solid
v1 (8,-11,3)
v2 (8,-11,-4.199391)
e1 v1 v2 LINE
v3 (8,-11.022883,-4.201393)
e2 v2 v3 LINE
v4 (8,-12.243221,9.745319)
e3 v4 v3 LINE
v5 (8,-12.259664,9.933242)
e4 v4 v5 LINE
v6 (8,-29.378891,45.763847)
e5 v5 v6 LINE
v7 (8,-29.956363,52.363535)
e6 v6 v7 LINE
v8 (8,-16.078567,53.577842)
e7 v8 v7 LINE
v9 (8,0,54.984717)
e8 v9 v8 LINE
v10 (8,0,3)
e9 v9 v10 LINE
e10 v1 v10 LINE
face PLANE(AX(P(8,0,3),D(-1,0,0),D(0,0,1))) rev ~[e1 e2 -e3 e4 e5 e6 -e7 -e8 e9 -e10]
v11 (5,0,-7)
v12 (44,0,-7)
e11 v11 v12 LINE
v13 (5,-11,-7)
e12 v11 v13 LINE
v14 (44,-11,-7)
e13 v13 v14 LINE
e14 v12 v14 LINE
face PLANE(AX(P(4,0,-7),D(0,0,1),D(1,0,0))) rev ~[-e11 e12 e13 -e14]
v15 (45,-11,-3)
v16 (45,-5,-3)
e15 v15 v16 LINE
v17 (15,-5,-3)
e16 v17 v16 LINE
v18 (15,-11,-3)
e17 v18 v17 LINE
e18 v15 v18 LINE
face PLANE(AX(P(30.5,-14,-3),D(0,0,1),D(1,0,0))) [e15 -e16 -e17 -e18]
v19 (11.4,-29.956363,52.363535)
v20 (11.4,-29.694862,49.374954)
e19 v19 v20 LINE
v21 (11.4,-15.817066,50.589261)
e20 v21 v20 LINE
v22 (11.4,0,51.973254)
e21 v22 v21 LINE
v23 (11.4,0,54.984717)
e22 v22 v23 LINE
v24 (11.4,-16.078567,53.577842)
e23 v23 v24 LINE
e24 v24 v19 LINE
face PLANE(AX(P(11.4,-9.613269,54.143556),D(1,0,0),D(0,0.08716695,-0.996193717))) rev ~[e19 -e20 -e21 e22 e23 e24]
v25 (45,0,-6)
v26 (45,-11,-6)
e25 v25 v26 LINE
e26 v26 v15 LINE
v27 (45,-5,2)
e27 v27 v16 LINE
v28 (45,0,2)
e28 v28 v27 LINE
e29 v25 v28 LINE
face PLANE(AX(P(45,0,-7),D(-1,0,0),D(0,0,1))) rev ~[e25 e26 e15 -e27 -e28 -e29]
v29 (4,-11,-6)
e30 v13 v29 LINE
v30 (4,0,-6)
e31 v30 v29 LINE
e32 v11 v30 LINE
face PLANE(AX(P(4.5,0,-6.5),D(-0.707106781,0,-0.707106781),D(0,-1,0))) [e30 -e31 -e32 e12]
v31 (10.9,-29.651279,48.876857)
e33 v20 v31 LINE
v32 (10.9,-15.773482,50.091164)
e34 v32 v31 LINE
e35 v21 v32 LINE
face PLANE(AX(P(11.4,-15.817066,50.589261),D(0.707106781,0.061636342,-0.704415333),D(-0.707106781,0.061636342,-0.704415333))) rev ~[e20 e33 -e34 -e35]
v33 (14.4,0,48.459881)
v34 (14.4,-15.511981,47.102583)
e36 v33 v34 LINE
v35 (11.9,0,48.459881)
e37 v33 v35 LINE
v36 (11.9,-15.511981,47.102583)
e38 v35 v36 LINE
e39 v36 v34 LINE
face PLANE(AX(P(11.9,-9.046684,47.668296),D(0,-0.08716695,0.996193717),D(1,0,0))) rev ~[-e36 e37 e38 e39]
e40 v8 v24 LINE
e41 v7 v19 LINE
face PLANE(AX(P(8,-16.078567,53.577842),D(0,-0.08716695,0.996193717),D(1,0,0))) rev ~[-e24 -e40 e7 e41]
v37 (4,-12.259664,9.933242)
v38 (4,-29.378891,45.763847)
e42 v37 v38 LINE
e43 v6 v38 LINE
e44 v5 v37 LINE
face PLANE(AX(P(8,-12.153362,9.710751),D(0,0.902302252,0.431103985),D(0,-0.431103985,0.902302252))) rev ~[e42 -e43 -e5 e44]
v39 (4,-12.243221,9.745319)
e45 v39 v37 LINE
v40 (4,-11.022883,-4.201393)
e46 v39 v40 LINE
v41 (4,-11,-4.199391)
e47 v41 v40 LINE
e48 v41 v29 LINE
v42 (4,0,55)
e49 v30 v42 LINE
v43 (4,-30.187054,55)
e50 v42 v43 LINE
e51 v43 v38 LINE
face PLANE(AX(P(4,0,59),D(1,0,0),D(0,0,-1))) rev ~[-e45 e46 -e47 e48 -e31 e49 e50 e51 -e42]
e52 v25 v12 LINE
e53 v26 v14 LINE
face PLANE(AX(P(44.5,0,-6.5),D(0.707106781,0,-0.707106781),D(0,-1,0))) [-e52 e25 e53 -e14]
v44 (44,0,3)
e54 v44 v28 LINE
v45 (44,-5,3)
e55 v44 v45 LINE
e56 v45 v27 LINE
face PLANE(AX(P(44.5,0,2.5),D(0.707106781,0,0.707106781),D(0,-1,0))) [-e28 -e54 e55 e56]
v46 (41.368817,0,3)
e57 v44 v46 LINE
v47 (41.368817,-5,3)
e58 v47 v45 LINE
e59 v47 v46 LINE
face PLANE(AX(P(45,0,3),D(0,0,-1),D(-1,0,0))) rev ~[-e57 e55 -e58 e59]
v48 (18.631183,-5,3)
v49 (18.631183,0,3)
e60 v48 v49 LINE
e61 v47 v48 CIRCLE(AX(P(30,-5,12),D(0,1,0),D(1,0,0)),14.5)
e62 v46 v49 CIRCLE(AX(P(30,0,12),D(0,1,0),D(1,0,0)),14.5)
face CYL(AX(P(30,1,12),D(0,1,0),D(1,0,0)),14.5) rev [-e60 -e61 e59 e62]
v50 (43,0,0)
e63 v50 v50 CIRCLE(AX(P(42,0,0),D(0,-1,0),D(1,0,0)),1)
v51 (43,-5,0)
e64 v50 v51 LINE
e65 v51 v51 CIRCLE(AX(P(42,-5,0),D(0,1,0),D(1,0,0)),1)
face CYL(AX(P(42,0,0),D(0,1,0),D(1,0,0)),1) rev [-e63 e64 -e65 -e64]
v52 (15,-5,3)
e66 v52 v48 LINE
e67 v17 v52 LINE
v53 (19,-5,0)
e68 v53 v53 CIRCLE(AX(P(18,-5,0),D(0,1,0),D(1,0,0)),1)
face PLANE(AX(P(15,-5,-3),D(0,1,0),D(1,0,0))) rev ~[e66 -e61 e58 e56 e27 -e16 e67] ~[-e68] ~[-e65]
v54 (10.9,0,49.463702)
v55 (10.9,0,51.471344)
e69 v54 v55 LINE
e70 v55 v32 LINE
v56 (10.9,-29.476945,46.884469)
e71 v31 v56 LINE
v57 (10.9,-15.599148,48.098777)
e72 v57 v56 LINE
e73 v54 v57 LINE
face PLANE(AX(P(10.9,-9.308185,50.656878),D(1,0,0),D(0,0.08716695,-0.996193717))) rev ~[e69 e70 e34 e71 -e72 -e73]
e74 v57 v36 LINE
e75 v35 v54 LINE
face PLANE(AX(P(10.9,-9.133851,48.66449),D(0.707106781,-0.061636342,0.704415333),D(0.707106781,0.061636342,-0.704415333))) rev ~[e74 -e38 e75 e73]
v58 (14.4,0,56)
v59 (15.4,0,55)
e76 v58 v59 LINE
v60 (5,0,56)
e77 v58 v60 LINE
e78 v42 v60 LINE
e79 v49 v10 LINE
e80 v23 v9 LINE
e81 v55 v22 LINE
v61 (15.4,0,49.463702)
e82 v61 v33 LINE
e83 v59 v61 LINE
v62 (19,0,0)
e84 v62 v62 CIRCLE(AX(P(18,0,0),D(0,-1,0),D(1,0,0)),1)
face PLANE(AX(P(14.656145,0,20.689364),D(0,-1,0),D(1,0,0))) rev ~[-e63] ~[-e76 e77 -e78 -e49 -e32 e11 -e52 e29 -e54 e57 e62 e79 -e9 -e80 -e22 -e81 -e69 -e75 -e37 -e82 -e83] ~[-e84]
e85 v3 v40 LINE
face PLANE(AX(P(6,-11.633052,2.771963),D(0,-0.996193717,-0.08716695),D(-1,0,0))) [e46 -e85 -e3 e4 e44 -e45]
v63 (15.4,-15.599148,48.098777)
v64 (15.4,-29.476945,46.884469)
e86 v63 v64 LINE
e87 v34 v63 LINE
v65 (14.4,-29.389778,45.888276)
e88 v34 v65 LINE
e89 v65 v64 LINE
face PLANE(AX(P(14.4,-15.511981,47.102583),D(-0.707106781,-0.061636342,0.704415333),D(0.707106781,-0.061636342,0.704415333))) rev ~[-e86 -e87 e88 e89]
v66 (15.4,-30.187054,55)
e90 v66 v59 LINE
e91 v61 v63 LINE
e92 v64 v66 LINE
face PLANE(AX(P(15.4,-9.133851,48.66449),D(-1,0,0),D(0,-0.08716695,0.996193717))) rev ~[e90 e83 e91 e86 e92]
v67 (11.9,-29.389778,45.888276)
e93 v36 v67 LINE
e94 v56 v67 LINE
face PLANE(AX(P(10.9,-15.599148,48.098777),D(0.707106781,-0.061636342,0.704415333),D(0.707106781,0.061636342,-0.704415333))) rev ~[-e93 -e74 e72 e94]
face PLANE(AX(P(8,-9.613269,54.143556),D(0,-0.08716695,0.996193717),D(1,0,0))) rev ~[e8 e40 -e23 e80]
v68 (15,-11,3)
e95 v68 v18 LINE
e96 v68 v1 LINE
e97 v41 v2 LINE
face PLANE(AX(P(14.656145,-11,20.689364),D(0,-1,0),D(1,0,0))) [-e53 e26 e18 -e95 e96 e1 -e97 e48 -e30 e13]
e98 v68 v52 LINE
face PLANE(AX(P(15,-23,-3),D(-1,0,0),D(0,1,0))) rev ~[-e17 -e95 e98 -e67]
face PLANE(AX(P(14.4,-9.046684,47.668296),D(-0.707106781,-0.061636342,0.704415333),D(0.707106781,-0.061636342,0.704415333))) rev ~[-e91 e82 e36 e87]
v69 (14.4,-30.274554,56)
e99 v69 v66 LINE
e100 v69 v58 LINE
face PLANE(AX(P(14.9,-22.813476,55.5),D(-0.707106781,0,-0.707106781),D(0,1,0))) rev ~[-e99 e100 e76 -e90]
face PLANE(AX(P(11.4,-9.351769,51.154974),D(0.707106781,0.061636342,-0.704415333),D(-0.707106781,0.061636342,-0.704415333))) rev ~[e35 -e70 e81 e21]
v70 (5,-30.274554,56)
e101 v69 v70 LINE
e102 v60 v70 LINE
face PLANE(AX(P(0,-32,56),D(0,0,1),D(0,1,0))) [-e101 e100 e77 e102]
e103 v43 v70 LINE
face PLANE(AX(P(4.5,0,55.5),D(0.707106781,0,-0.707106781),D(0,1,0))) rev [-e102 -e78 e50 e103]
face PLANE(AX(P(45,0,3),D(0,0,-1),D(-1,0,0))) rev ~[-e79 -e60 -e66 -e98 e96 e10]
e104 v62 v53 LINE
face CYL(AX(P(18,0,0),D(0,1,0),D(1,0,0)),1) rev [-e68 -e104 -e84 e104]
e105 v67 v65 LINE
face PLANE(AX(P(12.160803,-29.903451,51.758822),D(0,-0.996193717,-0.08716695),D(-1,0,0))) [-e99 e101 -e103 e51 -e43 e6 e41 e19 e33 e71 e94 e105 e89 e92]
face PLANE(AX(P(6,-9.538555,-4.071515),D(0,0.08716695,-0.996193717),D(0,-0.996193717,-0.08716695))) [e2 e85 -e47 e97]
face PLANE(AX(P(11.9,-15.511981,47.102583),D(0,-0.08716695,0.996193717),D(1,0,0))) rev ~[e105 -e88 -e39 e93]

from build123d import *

# Parameters (mm, degrees)
SKETCH002_W          = 34
SKETCH002_H          = 4
PAD001_DEPTH         = 30
EXTRUSION008_DEPTH   = 13.9308213426
BOX003_W             = 13
BOX003_H             = 10
BOX003_DEPTH         = 60
FACE006_W            = 8.14
FACE006_H            = 69.180787832
EXTRUSION006_DEPTH   = 0.4604923972
EXTRUSION005_DEPTH   = 8.14
FACE003_W            = 4
FACE003_H            = 14
EXTRUSION003_DEPTH   = 3.51
FACE004_W            = 3.51
FACE004_H            = 4
EXTRUSION004_DEPTH   = 69.180787832
FACE007_W            = 4
FACE007_H            = 69.180787832
EXTRUSION007_DEPTH   = 0.4131433628
FACE002_W            = 10
FACE002_H            = 4
EXTRUSION002_DEPTH   = 14
EXTRUSION_DEPTH      = 10
EXTRUSION001_DEPTH   = 10
FUSION001_ROLL_ANGLE = 5.0006445976
BOX002_W             = 13
BOX002_H             = 13
BOX002_DEPTH         = 49
BOX001_W             = 15
BOX001_H             = 11
BOX001_DEPTH         = 49
BOX_W                = 31
BOX_H                = 18
BOX_DEPTH            = 14
CYLINDER_R           = 14.5
CYLINDER_DEPTH       = 13
CYLINDER_ROLL_ANGLE  = 90.0000000001
SKETCH_R             = 1
PAD_DEPTH            = 11
CHAMFER_SIZE         = 1
CHAMFER001_SIZE      = 1
CHAMFER002_SIZE      = 1
CHAMFER003_SIZE      = 1
CHAMFER004_SIZE      = 1
CHAMFER005_SIZE      = 1
CHAMFER006_SIZE      = 1
EXTRUSION009_DEPTH   = 13.9308213426
POCKET_DEPTH         = 5
CHAMFER007_SIZE      = 1


with BuildPart() as pad001:
    # Sketch002 → Pad001 (new body)
    with BuildSketch(Plane.YZ):
        with Locations((-15, 58)):
            Rectangle(SKETCH002_W, SKETCH002_H)
    extrude(amount=PAD001_DEPTH)


with BuildPart() as extrusion008:
    # Face008 → Extrusion008 (new body)
    with BuildSketch(Plane(origin=(-17.578899357, -16.0333863028, 53.0614958622), x_dir=(-1, 0, 0), z_dir=(0, -0.9961937175, -0.0871669503))):
        Polygon((4.421100643, -4.5183191267), (4.421100643, -0.5183191267), (1.021100643, -0.5183191267), (1.021100643, 2.4816808733), (1.521100643, 2.9816808733), (1.521100643, 4.9816808733), (0.521100643, 5.9816808733), (-1.978899357, 5.9816808733), (-2.978899357, 4.9816808733), (-2.978899357, -3.5183191267), (-1.978899357, -4.5183191267), align=None)
    extrude(amount=EXTRUSION008_DEPTH)


with BuildPart() as cube003:
    # Box003 → Box003 (new body)
    with BuildSketch(Plane(origin=(-27, 0, 0), x_dir=(1, 0, 0), z_dir=(0, 0, 1))):
        with Locations((6.5, 5)):
            Rectangle(BOX003_W, BOX003_H)
    extrude(amount=BOX003_DEPTH)


with BuildPart() as extrusion006:
    # Face006 → Extrusion006 (new body)
    with BuildSketch(Plane(origin=(-17.93, -18.7549998831, 43.8980956594), x_dir=(-1, 0, 0), z_dir=(0, -0.9961937175, -0.0871669503))):
        Rectangle(FACE006_W, FACE006_H)
    extrude(amount=EXTRUSION006_DEPTH)


with BuildPart() as extrusion005:
    # Face005 → Extrusion005 (new body)
    with BuildSketch(Plane(origin=(-22, -17.0066799089, 44.0510736571), x_dir=(0, -1, 0), z_dir=(1, 0, 0))):
        Polygon((4.7634591209, -34.3057551071), (-1.2668191725, 34.6117111026), (-4.7634591209, 34.3057551071), (1.2668191725, -34.6117111026), align=None)
    extrude(amount=EXTRUSION005_DEPTH)


with BuildPart() as extrusion003:
    # Face003 → Extrusion003 (new body)
    with BuildSketch(Plane(origin=(-24, -15.1296920845, 2.4660065321), x_dir=(-1, 0, 0), z_dir=(0, -0.9961937175, -0.0871669503))):
        Rectangle(FACE003_W, FACE003_H)
    extrude(amount=-EXTRUSION003_DEPTH)


with BuildPart() as fusion002:
    # Face004 → Extrusion004 (new body)
    with BuildSketch(Plane(origin=(-24, -13.9915407622, 9.5923405523), x_dir=(0, 0.9961937175, 0.0871669503), z_dir=(0, -0.0871669503, 0.9961937175))):
        Rectangle(FACE004_W, FACE004_H)
    extrude(amount=EXTRUSION004_DEPTH)

    # Fusion002: union Extrusion003
    add(extrusion003.part)


with BuildPart() as fusion003:
    # Face007 → Extrusion007 (new body)
    with BuildSketch(Plane(origin=(-24, -18.7549998831, 43.8980956594), x_dir=(-1, 0, 0), z_dir=(0, -0.9961937175, -0.0871669503))):
        Rectangle(FACE007_W, FACE007_H)
    extrude(amount=EXTRUSION007_DEPTH)

    # Fusion003: union Extrusion006, Extrusion005, Fusion002
    add(extrusion006.part)
    add(extrusion005.part)
    add(fusion002.part)


with BuildPart() as extrusion002:
    # Face002 → Extrusion002 (new body)
    with BuildSketch(Plane(origin=(-24, -15, 11), x_dir=(0, -1, 0), z_dir=(0, 0, -1))):
        Rectangle(FACE002_W, FACE002_H)
    extrude(amount=EXTRUSION002_DEPTH)


with BuildPart() as extrusion:
    # Face → Extrusion (new body)
    with BuildSketch(Plane(origin=(-22.5493005697, -10, 39.3433444568), x_dir=(-1, 0, 0), z_dir=(0, -1, 0))):
        Polygon((3.4506994303, 28.3433444568), (-0.5493005697, 28.3433444568), (-0.5493005697, -15.6566555432), (-3.9493005697, -15.6566555432), (-3.9493005697, -12.6566555432), (-3.4493005697, -12.1566555432), (-3.4493005697, -10.1566555432), (-4.4493005697, -9.1566555432), (-6.9493005697, -9.1566555432), (-7.9493005697, -10.1566555432), (-7.9493005697, -18.6566555432), (-6.9493005697, -19.6566555432), (2.4506994303, -19.6566555432), (3.4506994303, -18.6566555432), align=None)
    extrude(amount=EXTRUSION_DEPTH)


with BuildPart() as cut005:
    # Face001 → Extrusion001 (new body)
    with BuildSketch(Plane(origin=(-22.5493005697, -10, 39.3433444568), x_dir=(1, 0, 0), z_dir=(0, 1, 0))):
        Polygon((0.5493005697, 28.3433444568), (-3.4506994303, 28.3433444568), (-3.4506994303, -18.6566555432), (-2.4506994303, -19.6566555432), (6.9493005697, -19.6566555432), (7.9493005697, -18.6566555432), (7.9493005697, -10.1566555432), (6.9493005697, -9.1566555432), (4.4493005697, -9.1566555432), (3.4493005697, -10.1566555432), (3.4493005697, -12.1566555432), (3.9493005697, -12.6566555432), (3.9493005697, -15.6566555432), (0.5493005697, -15.6566555432), align=None)
    extrude(amount=EXTRUSION001_DEPTH)

    # Fusion: union Extrusion
    add(extrusion.part)

    # Fusion001: union Extrusion002
    add(extrusion002.part)


with BuildPart() as cut005_1:
    # Fusion001 roll: moved
    add(cut005.part.rotate(Axis((0, 0, 0), (1, 0, 0)), FUSION001_ROLL_ANGLE))


with BuildPart() as cut005_2:
    # Fusion001 placement: moved
    add(cut005_1.part.moved(Location((0, 5.1428500666, 0.2245706677))))

    # Cut004: cut Fusion003
    add(fusion003.part, mode=Mode.SUBTRACT)

    # Cut005: cut Cube003
    add(cube003.part, mode=Mode.SUBTRACT)


with BuildPart() as cube002:
    # Box002 → Box002 (new body)
    with BuildSketch(Plane(origin=(-27, -12, 11), x_dir=(1, 0, 0), z_dir=(0, 0, 1))):
        with Locations((6.5, 6.5)):
            Rectangle(BOX002_W, BOX002_H)
    extrude(amount=BOX002_DEPTH)


with BuildPart() as cube001:
    # Box001 → Box001 (new body)
    with BuildSketch(Plane(origin=(-29, -21, 11), x_dir=(1, 0, 0), z_dir=(0, 0, 1))):
        with Locations((7.5, 5.5)):
            Rectangle(BOX001_W, BOX001_H)
    extrude(amount=BOX001_DEPTH)


with BuildPart() as cube:
    # Box → Box (new body)
    with BuildSketch(Plane(origin=(-15, -23, -3), x_dir=(1, 0, 0), z_dir=(0, 0, 1))):
        with Locations((15.5, 9)):
            Rectangle(BOX_W, BOX_H)
    extrude(amount=BOX_DEPTH)


with BuildPart() as cylinder:
    # Cylinder → Cylinder (new body)
    with BuildSketch(Plane.XY):
        Circle(CYLINDER_R)
    extrude(amount=CYLINDER_DEPTH)


with BuildPart() as cylinder_1:
    # Cylinder roll: moved
    add(cylinder.part.rotate(Axis((0, 0, 0), (1, 0, 0)), CYLINDER_ROLL_ANGLE))


with BuildPart() as cylinder_2:
    # Cylinder placement: moved
    add(cylinder_1.part.moved(Location((0, 1, 12))))


with BuildPart() as fusion004:
    # Sketch → Pad (new body)
    with BuildSketch(Plane.XZ):
        Polygon((15, -7), (15, 3), (-22, 3), (-22, 55), (-18.6, 55), (-18.6, 52), (-19.1, 51.5), (-19.1, 48.5), (-14.6, 48.5), (-14.6, 59), (-26, 59), (-26, -7), align=None)
        with Locations((-12, 0)):
            Circle(SKETCH_R, mode=Mode.SUBTRACT)
        with Locations((12, 0)):
            Circle(SKETCH_R, mode=Mode.SUBTRACT)
    extrude(amount=PAD_DEPTH)

    # Cut: cut Cylinder
    add(cylinder_2.part, mode=Mode.SUBTRACT)

    # Cut001: cut Cube
    add(cube.part, mode=Mode.SUBTRACT)

    # Chamfer
    chamfer_edges = [fusion004.edges().sort_by_distance(p)[0] for p in [
        (15, -5.5, -7),
    ]]
    chamfer(chamfer_edges, length=CHAMFER_SIZE)

    # Chamfer001
    chamfer001_edges = [fusion004.edges().sort_by_distance(p)[0] for p in [
        (-26, -5.5, -7),
    ]]
    chamfer(chamfer001_edges, length=CHAMFER001_SIZE)

    # Chamfer002
    chamfer002_edges = [fusion004.edges().sort_by_distance(p)[0] for p in [
        (-26, -5.5, 59),
    ]]
    chamfer(chamfer002_edges, length=CHAMFER002_SIZE)

    # Chamfer003
    chamfer003_edges = [fusion004.edges().sort_by_distance(p)[0] for p in [
        (-14.6, -5.5, 59),
    ]]
    chamfer(chamfer003_edges, length=CHAMFER003_SIZE)

    # Chamfer004
    chamfer004_edges = [fusion004.edges().sort_by_distance(p)[0] for p in [
        (-14.6, -5.5, 48.5),
    ]]
    chamfer(chamfer004_edges, length=CHAMFER004_SIZE)

    # Chamfer005
    chamfer005_edges = [fusion004.edges().sort_by_distance(p)[0] for p in [
        (-19.1, -5.5, 48.5),
    ]]
    chamfer(chamfer005_edges, length=CHAMFER005_SIZE)

    # Chamfer006
    chamfer006_edges = [fusion004.edges().sort_by_distance(p)[0] for p in [
        (15, -2.5, 3),
    ]]
    chamfer(chamfer006_edges, length=CHAMFER006_SIZE)

    # Cut002: cut Cube001
    add(cube001.part, mode=Mode.SUBTRACT)

    # Cut003: cut Cube002
    add(cube002.part, mode=Mode.SUBTRACT)

    # Fusion004: union Cut005
    add(cut005_2.part)


with BuildPart() as chamfer007:
    # Face009 → Extrusion009 (new body)
    with BuildSketch(Plane(origin=(-23.9956483899, -14.3298412993, 33.5924101077), x_dir=(-1, 0, 0), z_dir=(0, -0.9961937175, -0.0871669503))):
        Polygon((2.0043516101, 23.9382071366), (-1.9956483899, 23.9382071366), (-1.9956483899, -20.0617928634), (-1.9956483899, -24.0617928634), (1.0043516101, -24.0617928634), (2.0043516101, -23.0617928634), align=None)
    extrude(amount=EXTRUSION009_DEPTH)

    # Sketch001 → Pocket (cut)
    with BuildSketch(Plane.YZ.offset(-22)):
        Polygon((-12.153362, 9.710751), (-30, 47.063831), (-30, 0), align=None)
    extrude(amount=-POCKET_DEPTH, mode=Mode.SUBTRACT)

    # Fusion005: union Extrusion008, Fusion004
    add(extrusion008.part)
    add(fusion004.part)


with BuildPart() as chamfer007_1:
    # Fusion005 placement: moved
    add(chamfer007.part.moved(Location((30, 0, 0))))

    # Cut006: cut Pad001
    add(pad001.part, mode=Mode.SUBTRACT)

    # Chamfer007
    chamfer007_edges = [chamfer007_1.edges().sort_by_distance(p)[0] for p in [
        (4, -11.406738, 56),
        (15.4, -11.406738, 56),
    ]]
    chamfer(chamfer007_edges, length=CHAMFER007_SIZE)


solid = chamfer007_1.part
